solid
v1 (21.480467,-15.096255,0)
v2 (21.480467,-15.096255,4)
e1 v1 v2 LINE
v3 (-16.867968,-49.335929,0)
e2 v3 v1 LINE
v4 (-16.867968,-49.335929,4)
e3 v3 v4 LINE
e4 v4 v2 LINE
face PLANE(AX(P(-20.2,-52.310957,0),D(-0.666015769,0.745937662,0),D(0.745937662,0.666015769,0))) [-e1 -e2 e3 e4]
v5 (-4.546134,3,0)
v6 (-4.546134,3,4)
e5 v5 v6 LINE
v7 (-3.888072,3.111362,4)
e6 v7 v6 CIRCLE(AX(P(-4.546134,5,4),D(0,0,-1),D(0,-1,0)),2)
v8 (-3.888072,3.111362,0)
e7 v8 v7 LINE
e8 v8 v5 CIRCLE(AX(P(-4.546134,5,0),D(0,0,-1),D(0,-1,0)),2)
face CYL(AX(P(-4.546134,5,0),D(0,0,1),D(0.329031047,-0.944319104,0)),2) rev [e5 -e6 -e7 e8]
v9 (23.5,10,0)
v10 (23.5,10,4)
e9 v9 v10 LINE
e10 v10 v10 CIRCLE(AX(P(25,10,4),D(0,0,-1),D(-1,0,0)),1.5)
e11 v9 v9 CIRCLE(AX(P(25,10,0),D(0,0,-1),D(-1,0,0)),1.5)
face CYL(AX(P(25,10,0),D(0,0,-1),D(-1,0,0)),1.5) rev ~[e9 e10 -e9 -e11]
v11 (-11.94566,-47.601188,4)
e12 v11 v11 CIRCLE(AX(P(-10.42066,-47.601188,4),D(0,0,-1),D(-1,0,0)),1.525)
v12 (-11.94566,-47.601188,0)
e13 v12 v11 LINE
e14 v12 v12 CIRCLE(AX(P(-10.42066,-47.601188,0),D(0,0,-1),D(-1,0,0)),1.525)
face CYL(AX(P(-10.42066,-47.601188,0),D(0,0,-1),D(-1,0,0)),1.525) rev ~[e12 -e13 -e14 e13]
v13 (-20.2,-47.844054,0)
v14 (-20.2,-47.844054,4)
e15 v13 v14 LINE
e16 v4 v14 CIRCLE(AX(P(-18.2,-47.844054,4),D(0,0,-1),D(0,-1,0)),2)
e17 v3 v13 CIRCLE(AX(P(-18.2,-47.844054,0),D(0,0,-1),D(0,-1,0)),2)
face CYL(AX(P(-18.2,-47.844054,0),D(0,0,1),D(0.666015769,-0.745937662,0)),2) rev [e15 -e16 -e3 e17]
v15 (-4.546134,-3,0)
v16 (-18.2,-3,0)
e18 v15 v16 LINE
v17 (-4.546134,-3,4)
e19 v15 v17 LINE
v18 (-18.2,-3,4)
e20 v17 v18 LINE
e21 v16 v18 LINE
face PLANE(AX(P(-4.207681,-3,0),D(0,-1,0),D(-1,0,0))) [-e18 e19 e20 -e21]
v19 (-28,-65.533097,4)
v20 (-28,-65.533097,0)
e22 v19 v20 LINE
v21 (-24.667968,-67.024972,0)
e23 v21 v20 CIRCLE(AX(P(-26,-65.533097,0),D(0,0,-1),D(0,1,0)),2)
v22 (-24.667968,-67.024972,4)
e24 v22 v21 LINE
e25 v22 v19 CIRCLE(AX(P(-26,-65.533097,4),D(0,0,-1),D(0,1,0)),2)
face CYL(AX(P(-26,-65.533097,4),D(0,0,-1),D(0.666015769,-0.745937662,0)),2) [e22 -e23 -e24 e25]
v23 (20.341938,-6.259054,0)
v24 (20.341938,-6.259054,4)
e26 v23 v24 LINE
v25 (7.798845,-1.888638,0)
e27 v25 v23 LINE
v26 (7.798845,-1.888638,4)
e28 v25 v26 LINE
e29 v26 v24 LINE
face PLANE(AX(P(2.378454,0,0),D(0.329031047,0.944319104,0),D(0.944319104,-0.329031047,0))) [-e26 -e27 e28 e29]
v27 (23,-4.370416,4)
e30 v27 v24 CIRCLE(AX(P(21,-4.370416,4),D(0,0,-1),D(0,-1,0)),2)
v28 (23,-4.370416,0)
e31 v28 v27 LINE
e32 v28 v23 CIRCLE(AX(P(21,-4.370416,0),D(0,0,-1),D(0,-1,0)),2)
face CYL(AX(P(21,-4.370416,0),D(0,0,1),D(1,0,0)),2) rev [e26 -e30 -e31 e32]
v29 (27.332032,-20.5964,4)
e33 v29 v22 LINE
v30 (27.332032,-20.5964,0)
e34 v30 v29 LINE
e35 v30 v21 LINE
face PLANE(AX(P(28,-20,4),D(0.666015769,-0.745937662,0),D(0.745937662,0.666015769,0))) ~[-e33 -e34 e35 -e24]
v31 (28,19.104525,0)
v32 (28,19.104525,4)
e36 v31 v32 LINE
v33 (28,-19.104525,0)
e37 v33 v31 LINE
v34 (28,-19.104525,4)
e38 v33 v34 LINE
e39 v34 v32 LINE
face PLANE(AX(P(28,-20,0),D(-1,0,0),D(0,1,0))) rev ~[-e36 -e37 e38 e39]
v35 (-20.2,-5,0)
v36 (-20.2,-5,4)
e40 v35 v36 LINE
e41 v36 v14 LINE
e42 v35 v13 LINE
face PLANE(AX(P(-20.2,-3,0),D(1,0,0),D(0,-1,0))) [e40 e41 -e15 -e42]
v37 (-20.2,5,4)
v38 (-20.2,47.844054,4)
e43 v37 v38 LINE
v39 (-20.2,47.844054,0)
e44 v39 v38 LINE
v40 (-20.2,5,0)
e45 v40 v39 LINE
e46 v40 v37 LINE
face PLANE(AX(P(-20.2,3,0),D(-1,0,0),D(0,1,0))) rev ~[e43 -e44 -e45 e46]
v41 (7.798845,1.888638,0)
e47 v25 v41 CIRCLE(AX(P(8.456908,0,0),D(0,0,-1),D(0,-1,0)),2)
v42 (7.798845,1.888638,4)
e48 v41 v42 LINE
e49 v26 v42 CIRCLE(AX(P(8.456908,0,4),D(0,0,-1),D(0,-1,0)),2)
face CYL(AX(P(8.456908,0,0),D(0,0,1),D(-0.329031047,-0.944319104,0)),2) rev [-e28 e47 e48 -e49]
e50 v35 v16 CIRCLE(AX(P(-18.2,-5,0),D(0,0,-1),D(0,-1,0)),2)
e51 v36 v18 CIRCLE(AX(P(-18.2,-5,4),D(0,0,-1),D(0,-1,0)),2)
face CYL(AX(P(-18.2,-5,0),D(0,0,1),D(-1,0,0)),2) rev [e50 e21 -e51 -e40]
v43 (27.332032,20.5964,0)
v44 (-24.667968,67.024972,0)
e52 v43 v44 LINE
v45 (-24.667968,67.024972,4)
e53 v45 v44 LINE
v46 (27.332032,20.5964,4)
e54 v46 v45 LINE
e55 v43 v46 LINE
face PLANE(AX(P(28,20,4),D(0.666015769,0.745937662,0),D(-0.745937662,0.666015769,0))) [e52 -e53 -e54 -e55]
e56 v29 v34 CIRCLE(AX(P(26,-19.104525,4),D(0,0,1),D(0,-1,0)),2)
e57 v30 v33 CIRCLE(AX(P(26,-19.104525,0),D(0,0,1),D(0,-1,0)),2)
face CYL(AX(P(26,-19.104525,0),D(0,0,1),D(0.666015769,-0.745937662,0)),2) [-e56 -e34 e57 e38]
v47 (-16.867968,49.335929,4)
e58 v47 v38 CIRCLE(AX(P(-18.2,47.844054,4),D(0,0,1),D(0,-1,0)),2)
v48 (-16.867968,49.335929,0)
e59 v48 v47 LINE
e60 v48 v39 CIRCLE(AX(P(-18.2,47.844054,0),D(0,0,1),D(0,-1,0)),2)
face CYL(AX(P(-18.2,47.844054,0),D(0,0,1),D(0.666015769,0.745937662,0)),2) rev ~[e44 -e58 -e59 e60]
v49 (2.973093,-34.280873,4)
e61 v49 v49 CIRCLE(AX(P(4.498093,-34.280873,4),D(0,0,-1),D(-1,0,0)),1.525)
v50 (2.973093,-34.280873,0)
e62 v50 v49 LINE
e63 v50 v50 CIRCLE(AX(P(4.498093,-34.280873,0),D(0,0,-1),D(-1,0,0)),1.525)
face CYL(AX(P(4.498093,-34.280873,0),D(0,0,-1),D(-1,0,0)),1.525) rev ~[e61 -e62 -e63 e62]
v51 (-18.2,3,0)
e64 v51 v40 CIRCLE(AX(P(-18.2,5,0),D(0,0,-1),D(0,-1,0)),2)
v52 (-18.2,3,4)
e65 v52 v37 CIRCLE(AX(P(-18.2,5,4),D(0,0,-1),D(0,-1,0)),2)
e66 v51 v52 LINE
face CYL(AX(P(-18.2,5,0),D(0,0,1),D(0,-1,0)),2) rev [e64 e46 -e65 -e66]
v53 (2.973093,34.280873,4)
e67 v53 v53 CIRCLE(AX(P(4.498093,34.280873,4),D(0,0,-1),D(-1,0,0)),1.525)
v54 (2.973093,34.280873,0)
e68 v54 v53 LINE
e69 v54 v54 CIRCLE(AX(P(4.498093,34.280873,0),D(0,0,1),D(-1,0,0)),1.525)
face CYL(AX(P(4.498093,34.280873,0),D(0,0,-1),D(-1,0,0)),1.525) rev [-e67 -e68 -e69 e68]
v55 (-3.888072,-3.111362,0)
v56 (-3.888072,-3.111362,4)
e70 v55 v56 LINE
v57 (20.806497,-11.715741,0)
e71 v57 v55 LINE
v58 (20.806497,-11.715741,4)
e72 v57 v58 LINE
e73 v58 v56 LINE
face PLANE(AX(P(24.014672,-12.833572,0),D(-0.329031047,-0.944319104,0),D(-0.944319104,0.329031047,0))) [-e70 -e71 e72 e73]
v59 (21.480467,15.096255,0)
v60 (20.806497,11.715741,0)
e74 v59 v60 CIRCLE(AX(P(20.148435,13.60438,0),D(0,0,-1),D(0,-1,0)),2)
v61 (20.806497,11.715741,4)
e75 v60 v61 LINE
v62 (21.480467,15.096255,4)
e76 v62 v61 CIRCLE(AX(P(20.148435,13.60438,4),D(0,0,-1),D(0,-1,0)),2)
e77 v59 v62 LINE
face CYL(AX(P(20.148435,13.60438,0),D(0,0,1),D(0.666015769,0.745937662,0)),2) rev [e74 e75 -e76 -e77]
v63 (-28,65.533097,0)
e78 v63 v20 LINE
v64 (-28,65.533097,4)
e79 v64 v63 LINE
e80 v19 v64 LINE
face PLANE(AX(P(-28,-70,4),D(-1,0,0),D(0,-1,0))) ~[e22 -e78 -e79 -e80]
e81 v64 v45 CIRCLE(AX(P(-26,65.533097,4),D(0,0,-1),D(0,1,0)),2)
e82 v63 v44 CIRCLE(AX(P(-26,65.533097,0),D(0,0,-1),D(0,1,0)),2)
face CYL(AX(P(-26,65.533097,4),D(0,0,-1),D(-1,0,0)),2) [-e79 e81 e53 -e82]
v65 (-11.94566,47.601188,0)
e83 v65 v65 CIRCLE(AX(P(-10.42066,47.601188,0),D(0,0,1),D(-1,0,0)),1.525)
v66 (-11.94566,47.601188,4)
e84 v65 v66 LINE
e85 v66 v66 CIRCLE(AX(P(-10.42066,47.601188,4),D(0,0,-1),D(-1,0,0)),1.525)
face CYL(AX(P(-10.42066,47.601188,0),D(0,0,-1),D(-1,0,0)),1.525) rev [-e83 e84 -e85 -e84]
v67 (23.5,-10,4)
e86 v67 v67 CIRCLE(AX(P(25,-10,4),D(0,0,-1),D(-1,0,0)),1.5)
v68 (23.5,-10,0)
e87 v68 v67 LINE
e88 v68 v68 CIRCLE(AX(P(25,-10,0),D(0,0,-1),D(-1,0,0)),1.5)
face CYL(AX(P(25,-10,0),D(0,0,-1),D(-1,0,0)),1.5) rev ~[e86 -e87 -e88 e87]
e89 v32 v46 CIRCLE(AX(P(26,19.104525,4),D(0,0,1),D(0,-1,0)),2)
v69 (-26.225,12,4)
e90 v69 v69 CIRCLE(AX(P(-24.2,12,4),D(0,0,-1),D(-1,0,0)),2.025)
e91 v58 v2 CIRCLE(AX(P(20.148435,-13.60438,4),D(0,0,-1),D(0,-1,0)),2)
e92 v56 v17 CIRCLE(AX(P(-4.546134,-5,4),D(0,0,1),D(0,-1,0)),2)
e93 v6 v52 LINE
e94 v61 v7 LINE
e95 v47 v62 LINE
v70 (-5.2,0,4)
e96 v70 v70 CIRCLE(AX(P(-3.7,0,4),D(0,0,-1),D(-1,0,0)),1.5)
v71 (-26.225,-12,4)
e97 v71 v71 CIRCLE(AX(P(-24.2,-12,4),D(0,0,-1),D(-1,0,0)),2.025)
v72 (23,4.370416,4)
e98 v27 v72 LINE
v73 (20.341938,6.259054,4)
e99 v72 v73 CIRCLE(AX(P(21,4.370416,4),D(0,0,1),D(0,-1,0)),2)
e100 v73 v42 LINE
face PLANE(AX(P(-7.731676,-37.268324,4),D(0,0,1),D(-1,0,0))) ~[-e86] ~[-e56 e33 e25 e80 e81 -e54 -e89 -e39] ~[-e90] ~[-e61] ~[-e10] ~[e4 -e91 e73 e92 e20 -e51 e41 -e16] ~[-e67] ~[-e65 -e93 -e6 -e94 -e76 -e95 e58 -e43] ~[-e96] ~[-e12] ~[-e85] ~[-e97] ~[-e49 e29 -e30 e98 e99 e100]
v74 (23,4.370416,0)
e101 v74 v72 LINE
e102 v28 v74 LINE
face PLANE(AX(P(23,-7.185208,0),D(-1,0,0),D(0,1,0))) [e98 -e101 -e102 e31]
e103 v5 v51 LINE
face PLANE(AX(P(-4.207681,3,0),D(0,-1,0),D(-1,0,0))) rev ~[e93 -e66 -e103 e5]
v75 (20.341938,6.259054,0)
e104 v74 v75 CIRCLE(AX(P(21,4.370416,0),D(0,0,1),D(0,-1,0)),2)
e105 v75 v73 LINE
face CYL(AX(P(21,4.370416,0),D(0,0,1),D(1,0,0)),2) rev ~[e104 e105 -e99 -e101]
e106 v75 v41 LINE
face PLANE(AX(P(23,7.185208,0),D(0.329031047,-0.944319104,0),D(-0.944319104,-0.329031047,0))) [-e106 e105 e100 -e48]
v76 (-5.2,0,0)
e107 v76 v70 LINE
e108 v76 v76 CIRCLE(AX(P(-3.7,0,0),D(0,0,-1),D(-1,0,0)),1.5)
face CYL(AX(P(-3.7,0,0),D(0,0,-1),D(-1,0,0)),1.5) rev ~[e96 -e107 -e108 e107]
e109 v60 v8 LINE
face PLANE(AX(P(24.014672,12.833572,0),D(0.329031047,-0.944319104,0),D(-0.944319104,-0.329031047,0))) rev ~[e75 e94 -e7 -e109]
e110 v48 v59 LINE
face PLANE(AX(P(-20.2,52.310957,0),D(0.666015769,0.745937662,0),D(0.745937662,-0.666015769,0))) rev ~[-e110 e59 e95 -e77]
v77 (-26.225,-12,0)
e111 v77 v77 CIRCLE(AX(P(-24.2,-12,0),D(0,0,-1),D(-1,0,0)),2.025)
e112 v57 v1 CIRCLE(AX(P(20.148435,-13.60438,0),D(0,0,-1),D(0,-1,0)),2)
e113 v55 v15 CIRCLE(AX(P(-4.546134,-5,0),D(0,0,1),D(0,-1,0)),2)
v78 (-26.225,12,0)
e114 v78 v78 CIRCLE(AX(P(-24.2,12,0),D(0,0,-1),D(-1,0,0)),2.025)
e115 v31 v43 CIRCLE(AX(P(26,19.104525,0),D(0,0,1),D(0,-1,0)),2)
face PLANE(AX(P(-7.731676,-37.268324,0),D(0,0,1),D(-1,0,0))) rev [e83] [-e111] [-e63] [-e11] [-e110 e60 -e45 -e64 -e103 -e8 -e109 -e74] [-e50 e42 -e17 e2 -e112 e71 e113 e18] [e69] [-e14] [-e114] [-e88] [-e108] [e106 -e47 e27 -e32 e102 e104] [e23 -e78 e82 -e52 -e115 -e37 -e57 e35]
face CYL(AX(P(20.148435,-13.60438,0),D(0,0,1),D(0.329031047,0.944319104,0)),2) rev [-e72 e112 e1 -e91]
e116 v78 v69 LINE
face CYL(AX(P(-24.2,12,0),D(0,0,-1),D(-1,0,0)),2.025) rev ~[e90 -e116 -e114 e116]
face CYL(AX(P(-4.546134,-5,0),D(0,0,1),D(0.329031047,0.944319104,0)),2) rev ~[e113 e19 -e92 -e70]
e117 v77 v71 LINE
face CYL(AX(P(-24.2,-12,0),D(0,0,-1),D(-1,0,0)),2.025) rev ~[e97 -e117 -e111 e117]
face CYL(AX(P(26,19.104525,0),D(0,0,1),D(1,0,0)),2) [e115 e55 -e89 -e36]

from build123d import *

# Parameters (mm, degrees)
SKETCH_1_W          = 56
SKETCH_1_H          = 40
EXTRUDE_1_DEPTH     = 4
SKETCH_2_R          = 1.5
SKETCH_2_R_2        = 2.025
SKETCH_2_R_3        = 1.025
CUT_EXTRUDE_1_DEPTH = 34
EXTRUDE_2_DEPTH     = 4
SKETCH_4_R          = 1.525
CUT_EXTRUDE_2_DEPTH = 10
FILLET_1_R          = 2
CUT_EXTRUDE_3_DEPTH = 22
FILLET_2_R          = 2


with BuildPart() as part:
    # 草图1 → 凸台-拉伸1 (new body)
    with BuildSketch(Plane.XY):
        Rectangle(SKETCH_1_W, SKETCH_1_H)
    extrude(amount=EXTRUDE_1_DEPTH)

    # 草图2 → 切除-拉伸1 (cut)
    with BuildSketch(Plane(origin=(0, 0, 0), x_dir=(-1, 0, 0), z_dir=(0, 0, -1))):
        with Locations((3.7, 0)):
            Circle(SKETCH_2_R)
        with Locations((-25, 10)):
            Circle(SKETCH_2_R)
        with Locations((-25, -10)):
            Circle(SKETCH_2_R)
        with Locations((24.2, -12)):
            Circle(SKETCH_2_R_2)
        with Locations((24.2, 12)):
            Circle(SKETCH_2_R_2)
        with Locations((7.7, -9)):
            Circle(SKETCH_2_R_3)
        with Locations((15.7, -9)):
            Circle(SKETCH_2_R_3)
    extrude(amount=-CUT_EXTRUDE_1_DEPTH, mode=Mode.SUBTRACT)

    # 草图3 → 凸台-拉伸2 (add)
    with BuildSketch(Plane.XY.offset(4)):
        Polygon((28, 20), (-28, 70), (-28, 20), align=None)
    extrude_2 = extrude(amount=-EXTRUDE_2_DEPTH)

    # 镜向1: 凸台-拉伸2 across plane
    add(extrude_2.mirror(Plane.ZX))

    # 草图4 → 切除-拉伸2 (cut)
    with BuildSketch(Plane(origin=(0, 0, 0), x_dir=(-1, 0, 0), z_dir=(0, 0, -1))):
        with Locations((10.420660221, -47.601187919)):
            Circle(SKETCH_4_R)
        with Locations((-4.498093012, -34.280872533)):
            Circle(SKETCH_4_R)
    cut_extrude_2 = extrude(amount=-CUT_EXTRUDE_2_DEPTH, mode=Mode.SUBTRACT)

    # 镜向2: 切除-拉伸2 across plane
    add(cut_extrude_2.mirror(Plane.ZX), mode=Mode.SUBTRACT)

    # 圆角1
    fillet_1_edges = [part.edges().sort_by_distance(p)[0] for p in [
        (-28, 70, 2),
        (-28, -70, 2),
        (28, -20, 2),
        (28, 20, 2),
    ]]
    fillet(fillet_1_edges, radius=FILLET_1_R)

    # 草图5 → 切除-拉伸3 (cut)
    with BuildSketch(Plane(origin=(0, 0, 0), x_dir=(-1, 0, 0), z_dir=(0, 0, -1))):
        Polygon((-23, 7.185207752), (-2.378453751, 0), (-23, -7.185207752), align=None)
        Polygon((20.2, 52.310957498), (-24.014671549, 12.833572186), (4.207680626, 3), (20.2, 3), align=None)
        Polygon((4.207680626, -3), (20.2, -3), (20.2, -52.310957498), (-24.014671549, -12.833572186), align=None)
    extrude(amount=-CUT_EXTRUDE_3_DEPTH, mode=Mode.SUBTRACT)

    # 圆角2
    fillet_2_edges = [part.edges().sort_by_distance(p)[0] for p in [
        (24.014671549, -12.833572186, 2),
        (-4.207680626, -3, 2),
        (-20.2, -3, 2),
        (-20.2, -52.310957498, 2),
        (-20.2, 52.310957498, 2),
        (-20.2, 3, 2),
        (-4.207680626, 3, 2),
        (24.014671549, 12.833572186, 2),
        (23, -7.185207752, 2),
        (23, 7.185207752, 2),
        (2.378453751, 0, 2),
    ]]
    fillet(fillet_2_edges, radius=FILLET_2_R)


solid = part.part
